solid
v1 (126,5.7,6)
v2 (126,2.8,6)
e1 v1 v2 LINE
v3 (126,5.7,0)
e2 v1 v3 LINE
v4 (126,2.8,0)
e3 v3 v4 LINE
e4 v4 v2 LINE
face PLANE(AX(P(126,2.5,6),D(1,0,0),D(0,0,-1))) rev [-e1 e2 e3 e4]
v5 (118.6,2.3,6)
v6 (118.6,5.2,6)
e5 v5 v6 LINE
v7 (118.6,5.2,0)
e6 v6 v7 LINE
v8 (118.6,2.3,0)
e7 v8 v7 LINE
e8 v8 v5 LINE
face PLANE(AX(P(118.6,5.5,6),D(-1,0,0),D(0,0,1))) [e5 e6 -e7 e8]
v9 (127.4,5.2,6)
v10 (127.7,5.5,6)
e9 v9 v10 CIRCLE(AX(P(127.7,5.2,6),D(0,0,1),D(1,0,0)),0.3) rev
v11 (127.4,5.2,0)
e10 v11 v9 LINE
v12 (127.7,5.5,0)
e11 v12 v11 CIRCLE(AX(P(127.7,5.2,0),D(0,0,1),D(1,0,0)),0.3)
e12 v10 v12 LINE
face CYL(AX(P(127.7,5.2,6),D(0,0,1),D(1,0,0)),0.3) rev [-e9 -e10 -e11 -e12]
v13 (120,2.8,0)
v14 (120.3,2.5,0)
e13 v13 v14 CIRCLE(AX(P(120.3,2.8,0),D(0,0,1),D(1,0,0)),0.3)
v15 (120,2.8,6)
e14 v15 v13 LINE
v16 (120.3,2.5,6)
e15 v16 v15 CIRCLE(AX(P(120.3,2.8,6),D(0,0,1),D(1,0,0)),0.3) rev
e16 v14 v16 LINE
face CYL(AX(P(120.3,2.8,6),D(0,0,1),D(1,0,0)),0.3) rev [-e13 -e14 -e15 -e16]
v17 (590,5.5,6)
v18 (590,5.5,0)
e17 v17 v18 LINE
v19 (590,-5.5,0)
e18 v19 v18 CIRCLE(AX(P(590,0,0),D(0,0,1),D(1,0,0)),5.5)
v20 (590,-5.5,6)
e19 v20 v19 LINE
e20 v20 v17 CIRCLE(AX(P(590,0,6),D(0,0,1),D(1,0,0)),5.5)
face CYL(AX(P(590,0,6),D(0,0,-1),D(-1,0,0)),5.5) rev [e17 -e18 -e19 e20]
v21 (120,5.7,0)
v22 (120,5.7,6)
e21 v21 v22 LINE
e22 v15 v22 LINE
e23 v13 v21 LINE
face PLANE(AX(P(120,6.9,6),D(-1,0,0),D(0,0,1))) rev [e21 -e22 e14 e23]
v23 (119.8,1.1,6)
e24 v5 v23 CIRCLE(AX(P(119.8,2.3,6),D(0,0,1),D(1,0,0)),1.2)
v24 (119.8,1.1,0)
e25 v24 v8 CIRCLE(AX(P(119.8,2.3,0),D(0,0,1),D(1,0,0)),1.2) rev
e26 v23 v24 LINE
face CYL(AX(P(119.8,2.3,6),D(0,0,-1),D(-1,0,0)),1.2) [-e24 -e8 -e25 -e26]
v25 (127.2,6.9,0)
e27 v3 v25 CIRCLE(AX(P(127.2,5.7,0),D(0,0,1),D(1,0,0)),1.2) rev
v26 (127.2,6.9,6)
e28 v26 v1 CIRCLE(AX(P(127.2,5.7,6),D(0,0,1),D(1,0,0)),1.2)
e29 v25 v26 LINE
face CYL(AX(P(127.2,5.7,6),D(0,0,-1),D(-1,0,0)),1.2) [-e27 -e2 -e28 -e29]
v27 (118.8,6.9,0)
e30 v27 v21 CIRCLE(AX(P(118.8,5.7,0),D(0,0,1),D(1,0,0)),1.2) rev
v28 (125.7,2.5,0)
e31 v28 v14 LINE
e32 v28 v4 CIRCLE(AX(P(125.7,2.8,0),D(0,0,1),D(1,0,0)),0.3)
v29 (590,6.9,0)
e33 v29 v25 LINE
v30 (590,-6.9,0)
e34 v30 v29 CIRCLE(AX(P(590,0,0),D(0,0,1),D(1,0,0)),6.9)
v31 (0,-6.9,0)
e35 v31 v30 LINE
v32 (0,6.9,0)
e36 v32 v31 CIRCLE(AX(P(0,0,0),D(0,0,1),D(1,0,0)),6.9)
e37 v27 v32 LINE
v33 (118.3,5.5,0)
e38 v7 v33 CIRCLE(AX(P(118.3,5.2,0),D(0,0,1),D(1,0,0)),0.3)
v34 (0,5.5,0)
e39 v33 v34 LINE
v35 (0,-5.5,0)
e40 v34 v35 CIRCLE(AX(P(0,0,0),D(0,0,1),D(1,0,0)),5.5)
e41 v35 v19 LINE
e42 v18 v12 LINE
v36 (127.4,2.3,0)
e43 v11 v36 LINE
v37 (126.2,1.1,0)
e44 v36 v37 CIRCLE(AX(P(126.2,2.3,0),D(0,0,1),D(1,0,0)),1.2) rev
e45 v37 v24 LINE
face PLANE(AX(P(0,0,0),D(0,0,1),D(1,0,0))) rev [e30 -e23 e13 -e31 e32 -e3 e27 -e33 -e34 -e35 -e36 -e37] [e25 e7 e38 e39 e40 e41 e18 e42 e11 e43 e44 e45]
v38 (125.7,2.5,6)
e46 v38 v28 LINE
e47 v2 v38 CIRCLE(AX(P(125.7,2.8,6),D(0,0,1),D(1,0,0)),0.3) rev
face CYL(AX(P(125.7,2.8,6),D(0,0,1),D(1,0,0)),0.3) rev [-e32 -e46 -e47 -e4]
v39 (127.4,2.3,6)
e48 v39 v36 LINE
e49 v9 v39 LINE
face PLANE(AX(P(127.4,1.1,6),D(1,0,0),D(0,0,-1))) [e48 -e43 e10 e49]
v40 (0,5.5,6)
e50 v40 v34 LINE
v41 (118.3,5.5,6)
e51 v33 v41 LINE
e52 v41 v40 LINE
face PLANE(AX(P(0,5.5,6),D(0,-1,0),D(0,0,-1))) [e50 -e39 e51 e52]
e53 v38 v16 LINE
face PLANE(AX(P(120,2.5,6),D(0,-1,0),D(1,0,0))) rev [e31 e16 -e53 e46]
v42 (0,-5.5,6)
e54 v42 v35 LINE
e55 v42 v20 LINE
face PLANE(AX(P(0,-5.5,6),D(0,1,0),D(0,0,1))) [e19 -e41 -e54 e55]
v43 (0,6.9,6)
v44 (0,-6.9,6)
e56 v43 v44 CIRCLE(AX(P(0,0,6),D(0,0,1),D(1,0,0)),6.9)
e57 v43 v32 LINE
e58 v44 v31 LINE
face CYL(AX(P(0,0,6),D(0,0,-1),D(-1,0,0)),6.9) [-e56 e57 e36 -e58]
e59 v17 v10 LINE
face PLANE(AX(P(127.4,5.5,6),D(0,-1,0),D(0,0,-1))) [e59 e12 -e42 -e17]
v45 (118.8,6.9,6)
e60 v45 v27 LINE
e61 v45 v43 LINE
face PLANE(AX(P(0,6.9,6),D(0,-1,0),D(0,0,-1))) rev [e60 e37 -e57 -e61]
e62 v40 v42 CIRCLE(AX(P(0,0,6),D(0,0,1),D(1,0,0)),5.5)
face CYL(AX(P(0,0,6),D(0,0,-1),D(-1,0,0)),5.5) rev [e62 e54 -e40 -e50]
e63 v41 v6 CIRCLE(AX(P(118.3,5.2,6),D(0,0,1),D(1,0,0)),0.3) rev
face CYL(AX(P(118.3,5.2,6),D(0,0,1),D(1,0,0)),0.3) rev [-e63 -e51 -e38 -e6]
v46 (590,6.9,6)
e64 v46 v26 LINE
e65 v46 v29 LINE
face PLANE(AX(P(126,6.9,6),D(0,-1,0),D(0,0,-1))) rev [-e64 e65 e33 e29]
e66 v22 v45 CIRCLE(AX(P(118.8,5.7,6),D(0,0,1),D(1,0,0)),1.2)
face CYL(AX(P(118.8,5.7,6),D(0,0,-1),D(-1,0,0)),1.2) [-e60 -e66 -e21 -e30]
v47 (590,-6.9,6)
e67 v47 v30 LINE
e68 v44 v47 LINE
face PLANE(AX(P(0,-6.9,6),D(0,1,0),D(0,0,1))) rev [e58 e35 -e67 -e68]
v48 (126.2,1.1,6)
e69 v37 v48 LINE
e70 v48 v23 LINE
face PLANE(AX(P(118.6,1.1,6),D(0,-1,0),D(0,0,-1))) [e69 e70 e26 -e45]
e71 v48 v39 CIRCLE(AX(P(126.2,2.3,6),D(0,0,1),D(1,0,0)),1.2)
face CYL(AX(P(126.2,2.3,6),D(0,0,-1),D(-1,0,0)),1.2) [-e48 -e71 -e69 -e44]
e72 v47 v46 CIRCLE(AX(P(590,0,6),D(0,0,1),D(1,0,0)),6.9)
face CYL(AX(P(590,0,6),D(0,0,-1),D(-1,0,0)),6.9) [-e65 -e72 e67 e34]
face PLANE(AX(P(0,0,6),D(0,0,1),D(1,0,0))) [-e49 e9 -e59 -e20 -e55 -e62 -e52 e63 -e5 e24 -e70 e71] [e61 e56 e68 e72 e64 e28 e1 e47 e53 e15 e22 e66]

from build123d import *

# Parameters (mm, degrees)
SALIENTE_EXTRUIR1_DEPTH = 6
REDONDEO1_R             = 0.3
REDONDEO2_R             = 1.2


with BuildPart() as part:
    # Croquis1 → Saliente-Extruir1 (new body)
    with BuildSketch(Plane.XY):
        with BuildLine():
            Line((0, 6.9), (120, 6.9))
            Line((120, 6.9), (120, 2.5))
            Line((120, 2.5), (126, 2.5))
            Line((126, 2.5), (126, 6.9))
            Line((126, 6.9), (590, 6.9))
            ThreePointArc((590, 6.9), (596.9, 0), (590, -6.9))
            Line((590, -6.9), (0, -6.9))
            ThreePointArc((0, -6.9), (-6.9, 0), (0, 6.9))
        make_face()
        with BuildLine():
            Line((0, 5.5), (118.6, 5.5))
            Line((118.6, 5.5), (118.6, 1.1))
            Line((118.6, 1.1), (127.4, 1.1))
            Line((127.4, 1.1), (127.4, 5.5))
            Line((127.4, 5.5), (590, 5.5))
            ThreePointArc((590, 5.5), (595.5, 0), (590, -5.5))
            Line((590, -5.5), (0, -5.5))
            ThreePointArc((0, -5.5), (-5.5, 0), (0, 5.5))
        make_face(mode=Mode.SUBTRACT)
    extrude(amount=SALIENTE_EXTRUIR1_DEPTH)

    # Redondeo1
    redondeo1_edges = [part.edges().sort_by_distance(p)[0] for p in [
        (120, 2.5, 3),
        (126, 2.5, 3),
        (127.4, 5.5, 3),
        (118.6, 5.5, 3),
    ]]
    fillet(redondeo1_edges, radius=REDONDEO1_R)

    # Redondeo2
    redondeo2_edges = [part.edges().sort_by_distance(p)[0] for p in [
        (120, 6.9, 3),
        (126, 6.9, 3),
        (127.4, 1.1, 3),
        (118.6, 1.1, 3),
    ]]
    fillet(redondeo2_edges, radius=REDONDEO2_R)


solid = part.part
